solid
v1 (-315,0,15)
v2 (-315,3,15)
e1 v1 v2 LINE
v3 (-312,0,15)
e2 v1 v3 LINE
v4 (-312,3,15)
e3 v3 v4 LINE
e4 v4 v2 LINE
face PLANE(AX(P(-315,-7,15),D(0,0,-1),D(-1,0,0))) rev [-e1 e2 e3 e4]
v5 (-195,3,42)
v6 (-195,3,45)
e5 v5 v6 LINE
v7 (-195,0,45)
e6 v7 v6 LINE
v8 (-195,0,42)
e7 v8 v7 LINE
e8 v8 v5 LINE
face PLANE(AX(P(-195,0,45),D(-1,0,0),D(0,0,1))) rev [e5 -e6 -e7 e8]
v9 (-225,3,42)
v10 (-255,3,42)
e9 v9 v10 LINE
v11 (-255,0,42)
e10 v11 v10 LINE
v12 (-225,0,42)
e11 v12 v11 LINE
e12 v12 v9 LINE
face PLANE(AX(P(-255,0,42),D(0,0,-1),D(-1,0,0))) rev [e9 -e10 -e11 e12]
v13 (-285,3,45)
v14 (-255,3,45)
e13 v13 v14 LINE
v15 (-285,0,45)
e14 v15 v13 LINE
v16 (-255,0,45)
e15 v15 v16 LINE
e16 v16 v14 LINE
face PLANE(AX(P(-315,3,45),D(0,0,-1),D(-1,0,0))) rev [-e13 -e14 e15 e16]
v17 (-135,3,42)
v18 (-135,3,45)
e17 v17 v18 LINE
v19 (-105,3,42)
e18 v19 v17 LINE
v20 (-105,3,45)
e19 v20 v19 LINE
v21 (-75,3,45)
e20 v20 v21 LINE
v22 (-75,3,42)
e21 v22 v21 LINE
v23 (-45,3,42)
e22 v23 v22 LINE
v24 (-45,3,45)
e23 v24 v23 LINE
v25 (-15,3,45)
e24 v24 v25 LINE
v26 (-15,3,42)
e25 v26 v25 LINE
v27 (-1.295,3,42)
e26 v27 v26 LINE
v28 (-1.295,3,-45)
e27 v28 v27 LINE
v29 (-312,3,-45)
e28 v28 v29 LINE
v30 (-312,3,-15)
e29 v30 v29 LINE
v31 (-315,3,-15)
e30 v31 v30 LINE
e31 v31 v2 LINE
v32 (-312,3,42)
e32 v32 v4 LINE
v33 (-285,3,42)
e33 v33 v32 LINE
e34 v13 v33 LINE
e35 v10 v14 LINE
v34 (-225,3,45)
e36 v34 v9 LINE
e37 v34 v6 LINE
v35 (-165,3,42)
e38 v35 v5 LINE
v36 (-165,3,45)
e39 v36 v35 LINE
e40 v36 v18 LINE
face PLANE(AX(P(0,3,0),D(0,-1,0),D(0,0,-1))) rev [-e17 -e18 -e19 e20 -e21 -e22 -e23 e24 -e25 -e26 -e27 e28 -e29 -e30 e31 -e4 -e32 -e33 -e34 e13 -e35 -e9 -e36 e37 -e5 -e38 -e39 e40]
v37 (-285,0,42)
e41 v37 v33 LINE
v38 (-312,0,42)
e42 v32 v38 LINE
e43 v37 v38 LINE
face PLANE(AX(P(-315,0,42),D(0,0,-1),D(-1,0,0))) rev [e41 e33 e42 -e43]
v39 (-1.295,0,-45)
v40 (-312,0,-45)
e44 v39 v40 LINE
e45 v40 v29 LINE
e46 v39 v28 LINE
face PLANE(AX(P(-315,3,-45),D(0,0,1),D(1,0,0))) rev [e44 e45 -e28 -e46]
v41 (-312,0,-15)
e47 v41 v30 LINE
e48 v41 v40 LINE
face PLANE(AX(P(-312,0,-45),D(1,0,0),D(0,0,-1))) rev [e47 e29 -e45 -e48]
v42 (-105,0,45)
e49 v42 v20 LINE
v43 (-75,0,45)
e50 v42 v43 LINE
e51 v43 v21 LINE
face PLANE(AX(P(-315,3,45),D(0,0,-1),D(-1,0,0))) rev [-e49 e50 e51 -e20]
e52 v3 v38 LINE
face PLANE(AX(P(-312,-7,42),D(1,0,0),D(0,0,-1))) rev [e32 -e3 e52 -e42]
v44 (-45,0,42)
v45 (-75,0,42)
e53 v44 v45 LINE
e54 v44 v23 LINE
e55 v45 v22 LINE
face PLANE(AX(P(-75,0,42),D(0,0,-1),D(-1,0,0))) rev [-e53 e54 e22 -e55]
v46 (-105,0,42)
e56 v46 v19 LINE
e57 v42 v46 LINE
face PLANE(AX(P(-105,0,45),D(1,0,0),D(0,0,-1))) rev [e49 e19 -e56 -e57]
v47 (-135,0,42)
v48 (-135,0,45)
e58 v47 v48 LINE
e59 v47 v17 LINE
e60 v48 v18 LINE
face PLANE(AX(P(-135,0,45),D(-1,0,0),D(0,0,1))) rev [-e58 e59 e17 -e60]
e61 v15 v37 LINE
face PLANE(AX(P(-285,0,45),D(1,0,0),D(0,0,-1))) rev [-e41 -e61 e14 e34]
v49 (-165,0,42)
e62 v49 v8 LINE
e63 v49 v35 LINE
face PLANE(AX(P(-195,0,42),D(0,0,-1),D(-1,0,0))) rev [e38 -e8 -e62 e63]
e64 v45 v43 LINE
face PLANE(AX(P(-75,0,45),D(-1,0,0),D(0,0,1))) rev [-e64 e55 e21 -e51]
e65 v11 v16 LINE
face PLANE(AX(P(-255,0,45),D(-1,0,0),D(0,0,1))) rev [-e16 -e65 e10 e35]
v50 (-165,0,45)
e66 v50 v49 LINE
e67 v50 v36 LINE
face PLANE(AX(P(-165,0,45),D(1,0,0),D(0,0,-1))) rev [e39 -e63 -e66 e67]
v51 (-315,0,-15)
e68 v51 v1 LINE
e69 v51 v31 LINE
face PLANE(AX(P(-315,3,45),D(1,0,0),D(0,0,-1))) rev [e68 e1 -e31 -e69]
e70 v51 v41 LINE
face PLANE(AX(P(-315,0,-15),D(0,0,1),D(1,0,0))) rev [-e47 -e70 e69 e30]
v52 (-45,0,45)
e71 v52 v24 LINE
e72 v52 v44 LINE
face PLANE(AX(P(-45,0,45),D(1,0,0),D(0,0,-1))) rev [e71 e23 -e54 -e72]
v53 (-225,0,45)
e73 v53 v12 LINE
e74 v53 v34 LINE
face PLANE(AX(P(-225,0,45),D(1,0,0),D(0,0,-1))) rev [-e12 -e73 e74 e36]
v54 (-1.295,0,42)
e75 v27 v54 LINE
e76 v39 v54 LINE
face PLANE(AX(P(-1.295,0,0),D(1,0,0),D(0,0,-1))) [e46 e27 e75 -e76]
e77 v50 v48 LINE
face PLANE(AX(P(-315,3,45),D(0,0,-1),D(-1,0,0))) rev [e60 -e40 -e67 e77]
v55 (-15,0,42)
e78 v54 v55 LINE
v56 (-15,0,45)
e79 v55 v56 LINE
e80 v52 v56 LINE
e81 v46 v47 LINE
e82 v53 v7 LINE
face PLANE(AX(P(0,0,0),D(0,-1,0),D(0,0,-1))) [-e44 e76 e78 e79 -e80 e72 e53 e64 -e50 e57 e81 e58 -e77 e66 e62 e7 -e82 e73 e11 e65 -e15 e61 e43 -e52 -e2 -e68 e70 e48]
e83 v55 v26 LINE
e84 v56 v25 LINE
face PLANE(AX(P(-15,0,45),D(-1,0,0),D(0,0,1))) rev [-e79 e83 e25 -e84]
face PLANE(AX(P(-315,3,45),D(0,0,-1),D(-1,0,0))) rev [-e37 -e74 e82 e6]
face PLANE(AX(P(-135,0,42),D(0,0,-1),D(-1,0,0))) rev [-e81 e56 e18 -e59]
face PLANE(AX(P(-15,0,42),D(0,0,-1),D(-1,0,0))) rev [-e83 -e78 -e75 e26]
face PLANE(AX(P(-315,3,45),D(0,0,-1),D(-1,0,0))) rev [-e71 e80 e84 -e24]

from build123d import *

# Parameters (mm, degrees)
SKETCH1_W           = 630
SKETCH1_H           = 90
BOSS_EXTRUDE1_DEPTH = 3
SKETCH3_W           = 30
SKETCH3_H           = 3
CUT_EXTRUDE1_DEPTH  = 3
LPATTERN1_COUNT     = 10
LPATTERN1_PITCH     = 60
LPATTERN1_COL_COUNT = 2
LPATTERN1_COL_PITCH = 60
SKETCH7_W           = 3
SKETCH7_H           = 30
CUT_EXTRUDE3_DEPTH  = 3
SKETCH13_W          = 3
SKETCH13_H          = 27
CUT_EXTRUDE4_DEPTH  = 10


with BuildPart() as part:
    # Sketch1 → Boss-Extrude1 (new body)
    with BuildSketch(Plane(origin=(0, 0, 0), x_dir=(1, 0, 0), z_dir=(0, 1, 0))):
        Rectangle(SKETCH1_W, SKETCH1_H)
    extrude(amount=BOSS_EXTRUDE1_DEPTH)

    # Sketch3 → Cut-Extrude1 (cut)
    with BuildSketch(Plane(origin=(0, 3, 0), x_dir=(1, 0, 0), z_dir=(0, 1, 0))):
        with Locations((-240, -43.5)):
            Rectangle(SKETCH3_W, SKETCH3_H)
    cut_extrude1 = extrude(amount=-CUT_EXTRUDE1_DEPTH, mode=Mode.SUBTRACT)

    # LPattern1: Cut-Extrude1 ×10
    with Locations(*[(i * LPATTERN1_PITCH, 0, 0) for i in range(1, LPATTERN1_COUNT)]):
        add(cut_extrude1, mode=Mode.SUBTRACT)

    # LPattern1 col: Cut-Extrude1 ×2
    with Locations(*[(-i * LPATTERN1_COL_PITCH, 0, 0) for i in range(1, LPATTERN1_COL_COUNT)]):
        add(cut_extrude1, mode=Mode.SUBTRACT)

    # Sketch7 → Cut-Extrude3 (cut)
    with BuildSketch(Plane(origin=(0, 3, 0), x_dir=(1, 0, 0), z_dir=(0, 1, 0))):
        with Locations((-313.5, 30)):
            Rectangle(SKETCH7_W, SKETCH7_H)
    extrude(amount=-CUT_EXTRUDE3_DEPTH, mode=Mode.SUBTRACT)

    # Sketch13 → Cut-Extrude4 (cut)
    with BuildSketch(Plane(origin=(0, 3, 0), x_dir=(1, 0, 0), z_dir=(0, 1, 0))):
        with Locations((-313.5, -28.5)):
            Rectangle(SKETCH13_W, SKETCH13_H)
    extrude(amount=-CUT_EXTRUDE4_DEPTH, mode=Mode.SUBTRACT)

    # SurfaceCut1
    split(bisect_by=Plane(origin=(-1.295, 0, 0), x_dir=(0, 0, -1), z_dir=(1, 0, 0)), keep=Keep.BOTTOM)


solid = part.part
